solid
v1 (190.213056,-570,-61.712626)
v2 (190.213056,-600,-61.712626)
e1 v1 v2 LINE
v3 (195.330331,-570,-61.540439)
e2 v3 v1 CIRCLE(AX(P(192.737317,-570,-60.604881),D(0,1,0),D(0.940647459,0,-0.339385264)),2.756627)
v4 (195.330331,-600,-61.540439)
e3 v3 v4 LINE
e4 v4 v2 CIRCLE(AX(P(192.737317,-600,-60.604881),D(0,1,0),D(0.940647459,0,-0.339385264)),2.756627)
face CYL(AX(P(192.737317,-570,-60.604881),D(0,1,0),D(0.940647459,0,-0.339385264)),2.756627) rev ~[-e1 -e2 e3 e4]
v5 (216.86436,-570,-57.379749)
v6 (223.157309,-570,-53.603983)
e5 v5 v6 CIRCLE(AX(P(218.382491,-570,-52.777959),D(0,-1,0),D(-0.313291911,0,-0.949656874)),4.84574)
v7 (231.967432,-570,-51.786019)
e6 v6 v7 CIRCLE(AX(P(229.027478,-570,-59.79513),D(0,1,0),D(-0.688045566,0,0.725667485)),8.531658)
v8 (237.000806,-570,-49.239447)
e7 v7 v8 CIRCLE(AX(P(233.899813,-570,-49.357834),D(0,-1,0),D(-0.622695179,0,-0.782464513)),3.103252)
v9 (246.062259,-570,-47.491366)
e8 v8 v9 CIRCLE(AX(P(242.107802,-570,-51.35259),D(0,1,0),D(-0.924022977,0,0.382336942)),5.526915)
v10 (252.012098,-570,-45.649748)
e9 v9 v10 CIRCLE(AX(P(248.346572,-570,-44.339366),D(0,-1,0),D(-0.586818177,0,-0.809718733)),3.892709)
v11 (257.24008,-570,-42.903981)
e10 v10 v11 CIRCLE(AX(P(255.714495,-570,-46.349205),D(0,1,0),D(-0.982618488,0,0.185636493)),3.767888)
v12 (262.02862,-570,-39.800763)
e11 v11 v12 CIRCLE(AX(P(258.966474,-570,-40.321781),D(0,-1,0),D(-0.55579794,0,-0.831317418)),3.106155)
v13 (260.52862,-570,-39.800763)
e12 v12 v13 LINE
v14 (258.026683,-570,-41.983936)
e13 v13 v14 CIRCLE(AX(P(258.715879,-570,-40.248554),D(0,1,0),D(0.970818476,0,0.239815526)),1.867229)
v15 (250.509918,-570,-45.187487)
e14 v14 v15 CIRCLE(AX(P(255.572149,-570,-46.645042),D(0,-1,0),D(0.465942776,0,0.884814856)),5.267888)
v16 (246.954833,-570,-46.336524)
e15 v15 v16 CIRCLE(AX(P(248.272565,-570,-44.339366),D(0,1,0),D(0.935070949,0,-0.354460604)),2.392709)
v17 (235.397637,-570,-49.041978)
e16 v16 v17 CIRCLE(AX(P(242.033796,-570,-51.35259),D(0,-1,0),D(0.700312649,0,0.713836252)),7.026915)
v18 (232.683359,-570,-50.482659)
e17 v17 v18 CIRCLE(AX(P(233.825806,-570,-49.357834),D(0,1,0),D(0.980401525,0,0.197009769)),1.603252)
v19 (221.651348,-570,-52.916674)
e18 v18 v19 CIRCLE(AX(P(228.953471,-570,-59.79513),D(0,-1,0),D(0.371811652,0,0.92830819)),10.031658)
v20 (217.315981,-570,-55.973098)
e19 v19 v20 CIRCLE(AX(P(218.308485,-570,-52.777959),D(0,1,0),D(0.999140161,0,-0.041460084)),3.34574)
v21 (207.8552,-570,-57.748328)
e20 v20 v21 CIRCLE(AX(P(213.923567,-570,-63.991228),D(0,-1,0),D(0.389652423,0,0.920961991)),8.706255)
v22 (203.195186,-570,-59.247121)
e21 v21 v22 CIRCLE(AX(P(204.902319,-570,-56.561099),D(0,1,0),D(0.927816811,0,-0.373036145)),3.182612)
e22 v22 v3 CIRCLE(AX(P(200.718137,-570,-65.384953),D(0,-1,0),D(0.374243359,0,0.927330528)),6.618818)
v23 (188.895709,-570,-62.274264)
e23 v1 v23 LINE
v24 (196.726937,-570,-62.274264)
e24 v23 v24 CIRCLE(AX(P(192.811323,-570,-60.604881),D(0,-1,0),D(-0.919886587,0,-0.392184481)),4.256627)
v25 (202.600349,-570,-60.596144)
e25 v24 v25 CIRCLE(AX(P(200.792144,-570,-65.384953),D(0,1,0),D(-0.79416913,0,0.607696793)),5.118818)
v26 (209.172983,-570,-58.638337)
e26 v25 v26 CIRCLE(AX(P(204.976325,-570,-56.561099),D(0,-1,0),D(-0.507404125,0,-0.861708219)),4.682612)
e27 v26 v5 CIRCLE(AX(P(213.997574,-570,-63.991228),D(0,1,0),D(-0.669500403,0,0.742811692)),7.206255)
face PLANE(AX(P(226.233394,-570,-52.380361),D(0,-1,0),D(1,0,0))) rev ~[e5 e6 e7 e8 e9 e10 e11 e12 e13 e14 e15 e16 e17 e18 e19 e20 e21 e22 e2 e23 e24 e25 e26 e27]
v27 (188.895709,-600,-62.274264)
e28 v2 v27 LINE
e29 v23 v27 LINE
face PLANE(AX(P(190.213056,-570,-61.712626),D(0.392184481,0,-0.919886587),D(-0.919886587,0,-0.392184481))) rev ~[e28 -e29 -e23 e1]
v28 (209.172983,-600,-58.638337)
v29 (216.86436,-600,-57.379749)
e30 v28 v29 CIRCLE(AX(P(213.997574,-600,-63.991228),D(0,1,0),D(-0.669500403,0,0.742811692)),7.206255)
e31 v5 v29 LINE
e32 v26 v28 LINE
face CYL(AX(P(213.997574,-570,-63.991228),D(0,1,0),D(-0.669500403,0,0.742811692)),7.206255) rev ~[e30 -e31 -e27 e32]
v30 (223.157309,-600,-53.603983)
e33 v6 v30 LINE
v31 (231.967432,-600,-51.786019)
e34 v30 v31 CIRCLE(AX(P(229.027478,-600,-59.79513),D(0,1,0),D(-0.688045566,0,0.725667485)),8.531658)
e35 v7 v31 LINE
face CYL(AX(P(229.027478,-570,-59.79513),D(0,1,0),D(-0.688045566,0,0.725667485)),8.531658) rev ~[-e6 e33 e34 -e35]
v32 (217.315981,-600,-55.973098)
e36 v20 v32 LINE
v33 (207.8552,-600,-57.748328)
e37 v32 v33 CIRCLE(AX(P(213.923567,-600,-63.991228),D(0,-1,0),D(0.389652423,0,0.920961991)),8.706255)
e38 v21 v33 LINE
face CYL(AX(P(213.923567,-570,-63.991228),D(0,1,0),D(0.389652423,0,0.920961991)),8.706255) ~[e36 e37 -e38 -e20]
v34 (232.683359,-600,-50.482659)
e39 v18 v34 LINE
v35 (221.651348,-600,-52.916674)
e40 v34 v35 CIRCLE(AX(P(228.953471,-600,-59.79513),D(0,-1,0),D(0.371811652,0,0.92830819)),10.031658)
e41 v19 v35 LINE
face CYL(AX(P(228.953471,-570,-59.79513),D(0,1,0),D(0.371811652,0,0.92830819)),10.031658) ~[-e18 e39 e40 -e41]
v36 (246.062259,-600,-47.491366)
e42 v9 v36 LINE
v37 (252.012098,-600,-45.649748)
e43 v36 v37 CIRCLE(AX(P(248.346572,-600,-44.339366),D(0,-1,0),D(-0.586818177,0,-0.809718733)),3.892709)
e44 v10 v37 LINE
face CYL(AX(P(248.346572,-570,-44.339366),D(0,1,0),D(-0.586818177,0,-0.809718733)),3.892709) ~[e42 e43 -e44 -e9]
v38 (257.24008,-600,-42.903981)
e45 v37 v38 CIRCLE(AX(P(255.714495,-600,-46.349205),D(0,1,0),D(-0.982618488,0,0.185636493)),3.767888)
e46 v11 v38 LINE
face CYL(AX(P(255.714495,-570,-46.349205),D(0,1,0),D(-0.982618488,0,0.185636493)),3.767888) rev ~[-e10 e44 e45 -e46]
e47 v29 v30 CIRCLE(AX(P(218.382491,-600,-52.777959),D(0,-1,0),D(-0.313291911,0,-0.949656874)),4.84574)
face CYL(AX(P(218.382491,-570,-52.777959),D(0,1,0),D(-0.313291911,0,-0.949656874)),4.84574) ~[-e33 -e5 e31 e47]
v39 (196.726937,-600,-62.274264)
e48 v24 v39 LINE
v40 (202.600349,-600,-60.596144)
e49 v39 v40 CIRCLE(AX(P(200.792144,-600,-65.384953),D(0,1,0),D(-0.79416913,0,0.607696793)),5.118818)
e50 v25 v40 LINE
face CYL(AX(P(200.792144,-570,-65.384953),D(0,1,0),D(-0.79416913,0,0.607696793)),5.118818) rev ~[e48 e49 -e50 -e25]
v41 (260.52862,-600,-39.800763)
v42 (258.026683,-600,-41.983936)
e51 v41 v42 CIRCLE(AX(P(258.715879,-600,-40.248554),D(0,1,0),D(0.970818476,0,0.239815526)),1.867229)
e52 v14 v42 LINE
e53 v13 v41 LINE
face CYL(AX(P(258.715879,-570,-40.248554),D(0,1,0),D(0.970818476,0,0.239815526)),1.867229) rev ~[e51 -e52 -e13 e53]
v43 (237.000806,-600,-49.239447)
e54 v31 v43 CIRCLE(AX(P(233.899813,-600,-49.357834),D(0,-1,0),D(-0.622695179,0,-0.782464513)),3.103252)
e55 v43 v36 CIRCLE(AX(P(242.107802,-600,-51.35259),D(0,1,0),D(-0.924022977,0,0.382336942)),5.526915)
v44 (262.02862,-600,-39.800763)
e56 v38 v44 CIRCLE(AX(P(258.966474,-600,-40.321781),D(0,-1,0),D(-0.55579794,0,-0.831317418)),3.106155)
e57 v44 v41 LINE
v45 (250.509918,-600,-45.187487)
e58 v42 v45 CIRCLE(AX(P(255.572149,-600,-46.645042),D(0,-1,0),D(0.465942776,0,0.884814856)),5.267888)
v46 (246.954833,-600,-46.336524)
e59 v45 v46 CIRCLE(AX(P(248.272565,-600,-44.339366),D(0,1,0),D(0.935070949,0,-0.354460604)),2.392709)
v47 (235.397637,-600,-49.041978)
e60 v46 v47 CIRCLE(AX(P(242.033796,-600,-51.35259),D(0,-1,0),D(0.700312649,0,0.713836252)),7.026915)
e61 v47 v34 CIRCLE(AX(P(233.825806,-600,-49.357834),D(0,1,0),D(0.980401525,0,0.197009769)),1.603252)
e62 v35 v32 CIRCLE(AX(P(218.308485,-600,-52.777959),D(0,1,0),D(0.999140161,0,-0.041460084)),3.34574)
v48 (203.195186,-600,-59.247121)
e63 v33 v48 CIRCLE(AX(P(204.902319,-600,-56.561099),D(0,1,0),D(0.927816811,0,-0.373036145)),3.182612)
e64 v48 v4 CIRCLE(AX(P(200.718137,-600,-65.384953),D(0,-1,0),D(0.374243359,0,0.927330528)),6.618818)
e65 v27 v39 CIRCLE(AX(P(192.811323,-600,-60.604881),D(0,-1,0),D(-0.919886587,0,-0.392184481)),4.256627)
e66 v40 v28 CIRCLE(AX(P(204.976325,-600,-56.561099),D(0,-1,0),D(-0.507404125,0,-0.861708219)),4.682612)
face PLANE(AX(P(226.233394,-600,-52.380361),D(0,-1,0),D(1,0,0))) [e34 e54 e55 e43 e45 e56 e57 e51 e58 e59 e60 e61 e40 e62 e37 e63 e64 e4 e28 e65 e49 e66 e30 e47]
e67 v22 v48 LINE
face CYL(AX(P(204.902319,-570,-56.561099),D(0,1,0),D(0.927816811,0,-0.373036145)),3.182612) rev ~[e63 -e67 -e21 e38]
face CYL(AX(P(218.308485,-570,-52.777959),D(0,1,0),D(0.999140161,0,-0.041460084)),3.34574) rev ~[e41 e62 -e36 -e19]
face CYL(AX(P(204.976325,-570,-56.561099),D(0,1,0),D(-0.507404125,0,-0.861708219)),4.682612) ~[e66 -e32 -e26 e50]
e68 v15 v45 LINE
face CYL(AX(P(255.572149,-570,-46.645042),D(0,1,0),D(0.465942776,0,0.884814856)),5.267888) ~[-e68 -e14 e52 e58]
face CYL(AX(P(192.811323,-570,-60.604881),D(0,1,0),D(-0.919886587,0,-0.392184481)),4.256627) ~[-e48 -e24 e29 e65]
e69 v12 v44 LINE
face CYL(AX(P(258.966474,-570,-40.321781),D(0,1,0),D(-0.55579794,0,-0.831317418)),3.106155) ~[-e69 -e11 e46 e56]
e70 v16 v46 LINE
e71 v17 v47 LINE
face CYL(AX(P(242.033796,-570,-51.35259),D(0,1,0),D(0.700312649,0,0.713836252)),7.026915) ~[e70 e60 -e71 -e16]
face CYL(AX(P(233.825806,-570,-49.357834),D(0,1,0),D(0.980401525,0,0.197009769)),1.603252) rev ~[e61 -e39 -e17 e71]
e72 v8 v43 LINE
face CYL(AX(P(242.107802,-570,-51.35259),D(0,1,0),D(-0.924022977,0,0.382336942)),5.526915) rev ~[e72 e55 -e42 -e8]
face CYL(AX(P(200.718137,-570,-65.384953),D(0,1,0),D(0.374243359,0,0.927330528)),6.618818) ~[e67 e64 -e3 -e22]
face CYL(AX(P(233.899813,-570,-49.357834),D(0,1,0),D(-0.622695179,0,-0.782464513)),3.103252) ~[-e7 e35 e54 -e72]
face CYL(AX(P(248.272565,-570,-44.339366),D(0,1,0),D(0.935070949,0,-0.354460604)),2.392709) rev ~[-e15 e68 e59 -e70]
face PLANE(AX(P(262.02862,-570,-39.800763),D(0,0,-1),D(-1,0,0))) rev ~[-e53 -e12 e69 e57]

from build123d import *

# Parameters (mm, degrees)
F1_DEPTH = 600
F2_SCALE = 0.05


with BuildPart() as f1:
    # F0 (on Front) → F1 (new body)
    with BuildSketch(Plane.XZ):
        with BuildLine():
            ThreePointArc((61.6981868759, -156.7804584282), (100.7065045541, -104.0536614141), (166.2578148149, -101.8651243339))
            ThreePointArc((166.2578148149, -101.8651243339), (234.5706017685, -102.3542066993), (262.0286199157, -39.8007631302))
            Line((262.0286199157, -39.8007631302), (232.0286199157, -39.8007631302))
            ThreePointArc((232.0286199157, -39.8007631302), (220.3270095968, -76.8947720093), (181.9898807979, -83.4642266467))
            ThreePointArc((181.9898807979, -83.4642266467), (91.5920282917, -79.7638141441), (31.6545822361, -147.5352487664))
            ThreePointArc((31.6545822361, -147.5352487664), (1.6248156852, -176.1076949063), (-39.447124446, -170.5159785892))
            ThreePointArc((-39.447124446, -170.5159785892), (-169.9008498928, -133.9983520675), (-270.591032296, -224.625051761))
            ThreePointArc((-270.591032296, -224.625051761), (-286.994576577, -259.2648551162), (-324.8766044906, -253.4386897714))
            ThreePointArc((-324.8766044906, -253.4386897714), (-442.700846566, -243.7668486442), (-545.5168232681, -302.1189819919))
            ThreePointArc((-545.5168232681, -302.1189819919), (-573.8177442269, -354.034710969), (-632.2241682982, -363.2474559211))
            ThreePointArc((-632.2241682982, -363.2474559211), (-732.1850111207, -352.4717100275), (-821.4397877993, -398.7520691164))
            ThreePointArc((-821.4397877993, -398.7520691164), (-861.0082565563, -435.6027004967), (-914.6400588397, -428.727925101))
            ThreePointArc((-914.6400588397, -428.727925101), (-1001.2375020301, -424.4006624695), (-1071.9371653137, -474.5942873694))
            ThreePointArc((-1071.9371653137, -474.5942873694), (-1121.9433867392, -510.9844689633), (-1174.282657069, -478.0380233425))
            Line((-1174.282657069, -478.0380233425), (-1200.6295919418, -489.2707765102))
            ThreePointArc((-1200.6295919418, -489.2707765102), (-1122.3173141479, -541.0156529506), (-1044.0050363541, -489.2707765102))
            ThreePointArc((-1044.0050363541, -489.2707765102), (-990.8258747933, -453.0472518869), (-926.5367984772, -455.7083845139))
            ThreePointArc((-926.5367984772, -455.7083845139), (-852.2817356077, -464.7624409766), (-795.0841188431, -416.5522456169))
            ThreePointArc((-795.0841188431, -416.5522456169), (-721.8668399969, -381.376653159), (-641.256570816, -391.3804888725))
            ThreePointArc((-641.256570816, -391.3804888725), (-561.0317231877, -382.4484527561), (-515.3976082802, -315.8651590347))
            ThreePointArc((-515.3976082802, -315.8651590347), (-432.4777715288, -272.5756783272), (-339.1951322556, -279.5058786869))
            ThreePointArc((-339.1951322556, -279.5058786869), (-272.5284476889, -286.322697109), (-238.527655899, -228.5744330469))
            ThreePointArc((-238.527655899, -228.5744330469), (-157.3260560472, -162.3002128263), (-57.2985954116, -193.6128173673))
            ThreePointArc((-57.2985954116, -193.6128173673), (11.4078831222, -204.9458258943), (61.6981868759, -156.7804584282))
        make_face()
    extrude(amount=F1_DEPTH)


with BuildPart() as f1_1:
    # F2: moved
    add(f1.part.scale(F2_SCALE).moved(Location((248.9271889199, -570, -37.8107249737))))


solid = f1_1.part
